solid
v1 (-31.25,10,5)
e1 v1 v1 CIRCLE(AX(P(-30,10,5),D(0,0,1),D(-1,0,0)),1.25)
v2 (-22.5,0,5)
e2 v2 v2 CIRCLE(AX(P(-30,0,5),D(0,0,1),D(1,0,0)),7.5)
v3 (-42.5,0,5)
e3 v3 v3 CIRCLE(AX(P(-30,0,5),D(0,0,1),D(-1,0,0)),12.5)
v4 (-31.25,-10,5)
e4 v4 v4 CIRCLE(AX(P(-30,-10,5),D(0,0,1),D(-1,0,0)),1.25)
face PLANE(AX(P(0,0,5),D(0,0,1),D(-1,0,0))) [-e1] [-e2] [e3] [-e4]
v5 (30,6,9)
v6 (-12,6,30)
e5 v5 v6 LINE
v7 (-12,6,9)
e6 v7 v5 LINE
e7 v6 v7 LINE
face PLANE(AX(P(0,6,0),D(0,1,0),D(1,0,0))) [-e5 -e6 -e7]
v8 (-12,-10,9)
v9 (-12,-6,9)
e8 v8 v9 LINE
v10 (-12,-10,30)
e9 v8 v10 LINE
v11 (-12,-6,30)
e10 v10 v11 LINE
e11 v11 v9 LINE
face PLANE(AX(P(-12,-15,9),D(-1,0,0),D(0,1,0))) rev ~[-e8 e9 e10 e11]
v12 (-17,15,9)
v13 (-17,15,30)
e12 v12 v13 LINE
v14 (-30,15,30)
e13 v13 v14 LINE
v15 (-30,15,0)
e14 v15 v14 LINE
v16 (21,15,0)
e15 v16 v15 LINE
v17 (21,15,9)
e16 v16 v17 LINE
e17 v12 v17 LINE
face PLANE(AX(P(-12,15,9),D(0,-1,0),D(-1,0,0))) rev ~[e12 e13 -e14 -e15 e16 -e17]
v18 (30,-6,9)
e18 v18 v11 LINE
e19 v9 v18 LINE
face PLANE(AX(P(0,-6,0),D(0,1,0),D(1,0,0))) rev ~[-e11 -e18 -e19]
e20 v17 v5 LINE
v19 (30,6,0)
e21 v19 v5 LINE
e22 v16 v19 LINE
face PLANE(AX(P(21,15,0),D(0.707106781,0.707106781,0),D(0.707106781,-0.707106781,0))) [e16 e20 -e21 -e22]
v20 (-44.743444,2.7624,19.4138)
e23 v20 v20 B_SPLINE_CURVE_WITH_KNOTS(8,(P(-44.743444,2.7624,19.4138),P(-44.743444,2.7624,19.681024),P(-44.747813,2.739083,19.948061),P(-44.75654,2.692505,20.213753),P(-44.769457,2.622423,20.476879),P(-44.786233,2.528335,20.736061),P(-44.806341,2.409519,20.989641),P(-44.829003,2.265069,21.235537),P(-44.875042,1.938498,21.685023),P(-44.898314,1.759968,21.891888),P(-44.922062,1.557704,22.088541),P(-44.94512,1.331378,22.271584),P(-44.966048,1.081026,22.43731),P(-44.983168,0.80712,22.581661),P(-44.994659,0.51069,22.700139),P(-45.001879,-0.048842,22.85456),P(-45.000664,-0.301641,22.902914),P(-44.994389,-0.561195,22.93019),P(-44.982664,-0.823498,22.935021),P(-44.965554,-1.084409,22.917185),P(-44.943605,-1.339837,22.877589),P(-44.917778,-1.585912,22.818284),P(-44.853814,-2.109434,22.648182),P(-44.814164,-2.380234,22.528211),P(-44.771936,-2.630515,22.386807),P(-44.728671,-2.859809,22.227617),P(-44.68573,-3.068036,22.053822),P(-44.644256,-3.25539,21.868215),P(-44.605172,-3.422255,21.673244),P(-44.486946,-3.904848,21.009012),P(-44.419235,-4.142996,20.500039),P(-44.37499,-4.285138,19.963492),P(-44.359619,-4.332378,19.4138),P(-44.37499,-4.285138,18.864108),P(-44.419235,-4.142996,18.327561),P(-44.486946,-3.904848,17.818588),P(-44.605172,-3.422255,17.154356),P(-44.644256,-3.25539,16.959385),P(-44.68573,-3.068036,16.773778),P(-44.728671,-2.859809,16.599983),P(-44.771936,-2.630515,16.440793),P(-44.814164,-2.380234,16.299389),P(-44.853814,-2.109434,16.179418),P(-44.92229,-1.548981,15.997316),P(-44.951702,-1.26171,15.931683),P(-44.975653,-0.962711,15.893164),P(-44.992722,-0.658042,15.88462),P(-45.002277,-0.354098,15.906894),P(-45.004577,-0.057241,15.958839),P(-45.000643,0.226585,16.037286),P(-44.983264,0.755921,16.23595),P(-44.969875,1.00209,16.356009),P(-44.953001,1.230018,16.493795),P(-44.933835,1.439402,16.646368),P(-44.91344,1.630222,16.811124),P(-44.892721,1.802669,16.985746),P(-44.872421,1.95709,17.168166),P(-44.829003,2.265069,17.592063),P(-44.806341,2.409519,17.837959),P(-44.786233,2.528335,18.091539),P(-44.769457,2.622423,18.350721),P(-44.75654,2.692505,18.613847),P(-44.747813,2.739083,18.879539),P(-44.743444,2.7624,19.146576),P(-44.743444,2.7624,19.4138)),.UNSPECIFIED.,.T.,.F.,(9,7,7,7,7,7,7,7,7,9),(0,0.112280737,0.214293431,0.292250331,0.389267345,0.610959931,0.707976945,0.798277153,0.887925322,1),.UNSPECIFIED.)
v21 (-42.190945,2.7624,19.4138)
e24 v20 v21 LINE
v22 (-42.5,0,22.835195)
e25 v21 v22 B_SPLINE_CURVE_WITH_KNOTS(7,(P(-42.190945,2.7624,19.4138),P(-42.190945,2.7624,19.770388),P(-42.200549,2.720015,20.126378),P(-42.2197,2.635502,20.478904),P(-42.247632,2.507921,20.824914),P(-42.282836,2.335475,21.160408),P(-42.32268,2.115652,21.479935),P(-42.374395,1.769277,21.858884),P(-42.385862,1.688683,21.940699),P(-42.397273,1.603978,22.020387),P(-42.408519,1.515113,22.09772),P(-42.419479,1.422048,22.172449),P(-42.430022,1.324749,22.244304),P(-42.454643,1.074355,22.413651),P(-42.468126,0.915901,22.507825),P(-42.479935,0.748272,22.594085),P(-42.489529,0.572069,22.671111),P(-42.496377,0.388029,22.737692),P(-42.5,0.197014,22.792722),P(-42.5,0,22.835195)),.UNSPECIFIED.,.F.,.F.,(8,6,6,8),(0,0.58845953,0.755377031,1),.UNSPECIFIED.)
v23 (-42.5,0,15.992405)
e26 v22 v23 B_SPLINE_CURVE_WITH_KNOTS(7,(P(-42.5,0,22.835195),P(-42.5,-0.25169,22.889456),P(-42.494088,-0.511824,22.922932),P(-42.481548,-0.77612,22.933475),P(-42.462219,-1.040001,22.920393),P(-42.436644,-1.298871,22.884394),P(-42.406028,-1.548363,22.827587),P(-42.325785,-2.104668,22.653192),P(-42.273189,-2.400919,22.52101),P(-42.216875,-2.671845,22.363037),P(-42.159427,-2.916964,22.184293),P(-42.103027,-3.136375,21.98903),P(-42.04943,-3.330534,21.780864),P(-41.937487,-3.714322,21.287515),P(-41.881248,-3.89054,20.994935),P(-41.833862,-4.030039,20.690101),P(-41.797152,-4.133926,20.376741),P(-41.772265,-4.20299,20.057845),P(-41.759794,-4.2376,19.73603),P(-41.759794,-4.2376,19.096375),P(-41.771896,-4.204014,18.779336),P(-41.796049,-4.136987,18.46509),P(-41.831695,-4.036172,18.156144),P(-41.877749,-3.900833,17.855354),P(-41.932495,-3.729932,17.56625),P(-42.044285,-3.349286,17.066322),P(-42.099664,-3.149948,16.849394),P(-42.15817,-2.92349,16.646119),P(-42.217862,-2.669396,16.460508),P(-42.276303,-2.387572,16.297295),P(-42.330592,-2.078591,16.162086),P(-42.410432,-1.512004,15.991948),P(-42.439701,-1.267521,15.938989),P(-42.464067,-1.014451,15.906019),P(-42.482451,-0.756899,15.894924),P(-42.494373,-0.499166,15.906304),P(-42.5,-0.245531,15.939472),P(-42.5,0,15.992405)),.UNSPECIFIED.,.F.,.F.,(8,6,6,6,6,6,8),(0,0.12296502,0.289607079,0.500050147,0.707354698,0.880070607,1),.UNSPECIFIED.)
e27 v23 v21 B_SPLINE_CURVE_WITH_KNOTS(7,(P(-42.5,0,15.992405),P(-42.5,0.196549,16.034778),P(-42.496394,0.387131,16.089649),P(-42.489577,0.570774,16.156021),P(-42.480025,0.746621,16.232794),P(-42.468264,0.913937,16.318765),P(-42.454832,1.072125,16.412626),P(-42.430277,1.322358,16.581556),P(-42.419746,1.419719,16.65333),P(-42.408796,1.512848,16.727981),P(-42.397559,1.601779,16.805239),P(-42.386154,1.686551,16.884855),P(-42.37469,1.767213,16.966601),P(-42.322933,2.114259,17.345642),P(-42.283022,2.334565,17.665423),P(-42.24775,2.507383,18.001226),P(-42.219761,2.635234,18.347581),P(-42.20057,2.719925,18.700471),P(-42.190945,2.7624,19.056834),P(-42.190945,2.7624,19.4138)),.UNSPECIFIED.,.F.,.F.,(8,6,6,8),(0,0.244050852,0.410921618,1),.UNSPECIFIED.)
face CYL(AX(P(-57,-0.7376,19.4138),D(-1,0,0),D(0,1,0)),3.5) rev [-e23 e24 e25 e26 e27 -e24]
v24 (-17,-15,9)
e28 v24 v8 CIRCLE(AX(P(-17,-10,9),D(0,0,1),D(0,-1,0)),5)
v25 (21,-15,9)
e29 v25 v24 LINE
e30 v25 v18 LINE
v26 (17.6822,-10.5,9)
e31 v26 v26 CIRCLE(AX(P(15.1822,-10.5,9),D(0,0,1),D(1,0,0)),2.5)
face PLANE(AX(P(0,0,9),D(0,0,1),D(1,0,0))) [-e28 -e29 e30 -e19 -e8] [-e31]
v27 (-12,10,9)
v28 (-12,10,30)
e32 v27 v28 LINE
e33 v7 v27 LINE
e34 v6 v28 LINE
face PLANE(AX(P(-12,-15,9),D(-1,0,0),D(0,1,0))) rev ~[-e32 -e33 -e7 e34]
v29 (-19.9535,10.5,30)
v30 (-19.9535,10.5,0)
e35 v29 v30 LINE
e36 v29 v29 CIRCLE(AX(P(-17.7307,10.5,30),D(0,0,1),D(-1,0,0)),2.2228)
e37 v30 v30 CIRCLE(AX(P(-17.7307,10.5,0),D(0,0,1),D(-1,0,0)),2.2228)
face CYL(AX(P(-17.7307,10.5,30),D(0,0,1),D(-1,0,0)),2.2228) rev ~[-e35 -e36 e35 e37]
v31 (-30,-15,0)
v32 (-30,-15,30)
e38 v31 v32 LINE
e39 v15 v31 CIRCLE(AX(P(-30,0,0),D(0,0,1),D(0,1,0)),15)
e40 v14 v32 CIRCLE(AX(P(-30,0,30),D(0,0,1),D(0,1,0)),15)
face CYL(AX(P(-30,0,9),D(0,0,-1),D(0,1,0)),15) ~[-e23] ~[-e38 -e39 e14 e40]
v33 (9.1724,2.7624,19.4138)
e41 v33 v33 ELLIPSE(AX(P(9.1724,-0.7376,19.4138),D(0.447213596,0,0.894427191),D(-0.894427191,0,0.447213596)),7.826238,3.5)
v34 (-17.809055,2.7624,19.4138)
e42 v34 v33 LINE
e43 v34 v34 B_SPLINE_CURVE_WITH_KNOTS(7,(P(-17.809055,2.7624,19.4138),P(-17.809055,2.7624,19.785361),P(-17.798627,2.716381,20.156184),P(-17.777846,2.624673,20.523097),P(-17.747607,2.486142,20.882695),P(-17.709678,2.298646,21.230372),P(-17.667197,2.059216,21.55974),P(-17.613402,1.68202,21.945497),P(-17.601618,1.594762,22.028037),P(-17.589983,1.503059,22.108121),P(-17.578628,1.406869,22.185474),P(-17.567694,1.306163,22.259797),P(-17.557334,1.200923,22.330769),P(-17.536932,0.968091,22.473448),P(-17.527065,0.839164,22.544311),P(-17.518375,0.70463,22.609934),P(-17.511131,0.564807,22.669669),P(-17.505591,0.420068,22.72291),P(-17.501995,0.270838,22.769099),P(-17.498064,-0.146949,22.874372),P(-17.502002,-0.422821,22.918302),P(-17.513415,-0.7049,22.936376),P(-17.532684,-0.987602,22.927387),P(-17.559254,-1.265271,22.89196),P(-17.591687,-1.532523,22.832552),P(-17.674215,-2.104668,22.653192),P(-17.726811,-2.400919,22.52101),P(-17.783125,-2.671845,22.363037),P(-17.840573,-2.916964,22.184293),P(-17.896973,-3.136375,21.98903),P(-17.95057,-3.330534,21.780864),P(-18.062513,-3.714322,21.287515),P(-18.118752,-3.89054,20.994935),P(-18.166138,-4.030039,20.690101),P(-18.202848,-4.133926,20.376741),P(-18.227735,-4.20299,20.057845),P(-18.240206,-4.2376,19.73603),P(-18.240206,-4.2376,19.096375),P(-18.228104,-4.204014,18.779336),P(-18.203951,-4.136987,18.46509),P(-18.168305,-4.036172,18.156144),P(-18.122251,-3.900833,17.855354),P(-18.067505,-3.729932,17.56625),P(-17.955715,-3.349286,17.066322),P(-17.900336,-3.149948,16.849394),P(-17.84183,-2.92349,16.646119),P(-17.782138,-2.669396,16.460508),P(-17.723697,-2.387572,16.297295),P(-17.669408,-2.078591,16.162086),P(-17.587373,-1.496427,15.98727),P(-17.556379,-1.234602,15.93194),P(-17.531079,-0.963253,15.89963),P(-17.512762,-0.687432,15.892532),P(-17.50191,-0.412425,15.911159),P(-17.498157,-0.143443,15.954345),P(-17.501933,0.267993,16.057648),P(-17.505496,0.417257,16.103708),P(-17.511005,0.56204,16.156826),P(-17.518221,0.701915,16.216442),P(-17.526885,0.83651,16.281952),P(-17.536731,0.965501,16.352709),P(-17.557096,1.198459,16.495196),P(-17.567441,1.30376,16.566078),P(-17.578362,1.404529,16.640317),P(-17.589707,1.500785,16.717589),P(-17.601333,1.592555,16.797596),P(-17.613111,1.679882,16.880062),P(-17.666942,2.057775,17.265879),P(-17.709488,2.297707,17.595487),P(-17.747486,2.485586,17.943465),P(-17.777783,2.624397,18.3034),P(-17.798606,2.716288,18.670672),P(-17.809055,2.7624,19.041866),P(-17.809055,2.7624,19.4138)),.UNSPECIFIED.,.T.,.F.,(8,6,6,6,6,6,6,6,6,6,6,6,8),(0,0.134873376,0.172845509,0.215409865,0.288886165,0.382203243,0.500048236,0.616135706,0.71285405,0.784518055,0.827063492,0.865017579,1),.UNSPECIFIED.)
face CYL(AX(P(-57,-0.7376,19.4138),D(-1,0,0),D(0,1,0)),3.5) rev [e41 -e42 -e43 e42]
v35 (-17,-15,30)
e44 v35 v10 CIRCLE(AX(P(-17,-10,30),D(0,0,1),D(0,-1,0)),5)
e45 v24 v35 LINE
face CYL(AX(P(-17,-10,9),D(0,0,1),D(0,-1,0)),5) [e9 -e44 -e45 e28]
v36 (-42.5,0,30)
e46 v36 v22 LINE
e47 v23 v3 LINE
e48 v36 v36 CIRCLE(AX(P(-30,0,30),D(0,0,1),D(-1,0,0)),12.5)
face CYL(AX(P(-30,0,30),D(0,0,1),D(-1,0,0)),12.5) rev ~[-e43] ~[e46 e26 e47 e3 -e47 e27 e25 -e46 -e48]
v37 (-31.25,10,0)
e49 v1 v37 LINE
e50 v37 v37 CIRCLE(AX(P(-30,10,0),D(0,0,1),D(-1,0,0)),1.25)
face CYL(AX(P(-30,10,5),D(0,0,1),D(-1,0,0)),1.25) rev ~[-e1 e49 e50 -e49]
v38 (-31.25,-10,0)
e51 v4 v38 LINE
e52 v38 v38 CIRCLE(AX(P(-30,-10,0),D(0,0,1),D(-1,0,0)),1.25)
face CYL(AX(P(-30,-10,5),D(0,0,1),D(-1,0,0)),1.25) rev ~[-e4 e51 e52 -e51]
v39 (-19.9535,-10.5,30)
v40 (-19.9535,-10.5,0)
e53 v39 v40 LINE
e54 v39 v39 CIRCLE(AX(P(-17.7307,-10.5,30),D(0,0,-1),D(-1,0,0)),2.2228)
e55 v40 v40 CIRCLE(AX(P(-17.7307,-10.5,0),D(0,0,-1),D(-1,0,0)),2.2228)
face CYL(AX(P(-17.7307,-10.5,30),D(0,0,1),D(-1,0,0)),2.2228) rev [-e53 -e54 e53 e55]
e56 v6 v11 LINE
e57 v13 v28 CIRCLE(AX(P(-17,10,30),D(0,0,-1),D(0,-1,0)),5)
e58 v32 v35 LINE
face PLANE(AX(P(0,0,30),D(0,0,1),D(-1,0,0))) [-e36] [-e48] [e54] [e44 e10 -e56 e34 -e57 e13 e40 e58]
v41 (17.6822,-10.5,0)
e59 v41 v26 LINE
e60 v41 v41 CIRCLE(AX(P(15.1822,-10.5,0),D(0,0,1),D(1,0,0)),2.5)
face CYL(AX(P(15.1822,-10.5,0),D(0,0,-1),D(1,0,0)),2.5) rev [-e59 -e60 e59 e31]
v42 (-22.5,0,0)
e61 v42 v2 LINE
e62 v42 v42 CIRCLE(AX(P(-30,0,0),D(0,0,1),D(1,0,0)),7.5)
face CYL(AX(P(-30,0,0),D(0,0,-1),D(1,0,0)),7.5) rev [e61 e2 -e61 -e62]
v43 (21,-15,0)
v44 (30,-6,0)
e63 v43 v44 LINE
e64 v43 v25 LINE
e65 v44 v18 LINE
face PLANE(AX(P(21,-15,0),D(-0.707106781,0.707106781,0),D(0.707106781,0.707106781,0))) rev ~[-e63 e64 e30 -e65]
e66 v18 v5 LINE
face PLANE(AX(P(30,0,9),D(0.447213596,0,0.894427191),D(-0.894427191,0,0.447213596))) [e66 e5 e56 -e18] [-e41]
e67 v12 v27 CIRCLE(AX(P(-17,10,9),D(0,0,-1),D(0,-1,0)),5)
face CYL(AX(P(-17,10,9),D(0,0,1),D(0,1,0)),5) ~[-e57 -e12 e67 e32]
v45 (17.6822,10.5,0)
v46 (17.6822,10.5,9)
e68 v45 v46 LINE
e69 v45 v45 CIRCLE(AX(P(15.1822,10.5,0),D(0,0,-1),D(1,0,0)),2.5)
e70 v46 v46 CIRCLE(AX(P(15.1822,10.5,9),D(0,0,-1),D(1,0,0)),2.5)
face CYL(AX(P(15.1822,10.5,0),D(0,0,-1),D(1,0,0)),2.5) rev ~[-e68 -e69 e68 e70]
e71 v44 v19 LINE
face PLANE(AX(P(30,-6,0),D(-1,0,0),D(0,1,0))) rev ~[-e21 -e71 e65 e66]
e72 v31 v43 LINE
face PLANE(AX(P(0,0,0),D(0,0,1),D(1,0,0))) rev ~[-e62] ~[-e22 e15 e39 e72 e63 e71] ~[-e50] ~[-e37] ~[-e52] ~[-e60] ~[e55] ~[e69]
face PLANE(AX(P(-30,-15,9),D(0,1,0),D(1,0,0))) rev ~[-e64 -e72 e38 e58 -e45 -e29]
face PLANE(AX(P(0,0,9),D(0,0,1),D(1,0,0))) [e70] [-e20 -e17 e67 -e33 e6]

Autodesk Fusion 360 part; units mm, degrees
sketch "Sketch1" plane through (0, 0, 0) normal (0, 1, 0) x (1, 0, 0)
sketch "Sketch2" plane through (0, 0, 0) normal (0, 0, 1) x (1, 0, 0)
  line L0 (30, 15) -> (-30, 15)
  line L1 (-30, 15) -> (-30, -15)
  line L2 (-30, -15) -> (30, -15)
  line L3 (30, -15) -> (30, 15)
  line L4 (30, 15) -> (-30, -15) construction
  line L5 (-30, 15) -> (30, -15) construction
  arc A0 (-30, 15) -> (-30, -15) centre (-30, 0) ccw
  circle A1 centre (-30, 0) radius 7.5
  line L6 (21, -15) -> (30, -6)
  line L7 (21, 15) -> (30, 6)
  dimension "d1" = 60
  dimension "d2" = 30
  dimension "d3" = 15
  dimension "d4" = 9
  dimension "d5" = 9
  dimension "d6" = 9
  dimension "d7" = 9
extrude "Extrude1" add sketch "Sketch2" along normal blind 9 contours L0 L1 L2 L3 A1 L6 L7 | L1 A0 A1
sketch "Sketch3" plane through (0, 0, 9) normal (0, 0, 1) x (-1, 0, 0)
  circle A0 centre (30, 0) radius 7.5
  arc A1 (30, -15) -> (30, 15) centre (30, 0) ccw
  line L0 (30, 15) -> (-21, 15)
  line L1 (-21, 15) -> (-30, 6)
  line L2 (-30, 6) -> (-30, -6)
  line L3 (-30, -6) -> (-21, -15)
  line L4 (-21, -15) -> (30, -15)
  line L5 (12, 15) -> (12, -15)
  dimension "d10" = 18
extrude "Extrude2" add sketch "Sketch3" along normal blind 21 contours A1 L0 L4 L5
sketch "Sketch4" plane through (0, 0, 0) normal (0, 1, 0) x (1, 0, 0)
  line L0 (30, -9) -> (-12, -30)
  line L1 (-12, -30) -> (-12, -9)
  line L2 (-12, -9) -> (30, -9)
extrude "Extrude3" add sketch "Sketch4" along normal mid plane 12
sketch "Sketch5" plane through (0, 0, 30) normal (0, 0, 1) x (-1, 0, 0)
  circle A0 centre (30, 0) radius 7.5
  line L0 (12, 15) -> (12, 6)
  line L1 (12, 6) -> (12, -6)
  line L2 (12, -6) -> (12, -15)
  line L3 (12, -15) -> (30, -15)
  arc A1 (30, -15) -> (30, 15) centre (30, 0) ccw
  line L4 (30, 15) -> (12, 15)
  circle A2 centre (17.7307, -10.5) radius 2.2228
  circle A3 centre (17.7307, -10.5) radius 2.5
  dimension "d15" = 5
extrude "Extrude4" cut sketch "Sketch5" against normal blind 30 contours A2
mirror "Mirror1" about plane through (0, 0, 0) normal (0, 1, 0) of "Extrude4"
sketch "Sketch6" plane through (0, 0, 30) normal (0, 0, 1) x (-1, 0, 0)
  circle A0 centre (17.7307, 10.5) radius 2.2228
  circle A1 centre (17.7307, -10.5) radius 2.2228
  circle A2 centre (30, 0) radius 7.5
  line L0 (12, 15) -> (12, 6)
  line L1 (12, 6) -> (12, -6)
  line L2 (12, -6) -> (12, -15)
  line L3 (12, -15) -> (30, -15)
  arc A3 (30, -15) -> (30, 15) centre (30, 0) ccw
  line L4 (30, 15) -> (12, 15)
  circle A4 centre (30, 0) radius 12.5
  dimension "d20" = 25
extrude "Extrude5" cut sketch "Sketch6" against normal blind 25 contours A4
sketch "Sketch7" plane through (0, 0, 5) normal (0, 0, 1) x (-1, 0, 0)
  circle A0 centre (30, 0) radius 7.5
  circle A1 centre (30, 0) radius 12.5
  circle A2 centre (30, 10) radius 1.25
  dimension "d23" = 2.5
extrude "Extrude6" cut sketch "Sketch7" against normal blind 5 contours A2
sketch "Sketch8" plane through (0, 0, 5) normal (0, 0, 1) x (-1, 0, 0)
  circle A0 centre (30, 10) radius 1.25
  circle A1 centre (30, 0) radius 7.5
  circle A2 centre (30, 0) radius 12.5
  circle A3 centre (30, -10) radius 1.25
  dimension "d26" = 2.5
extrude "Extrude7" cut sketch "Sketch8" against normal blind 5 contours A3
sketch "Sketch9" plane through (0, 0, 0) normal (0, 0, -1) x (1, 0, 0)
  circle A0 centre (-30, -10) radius 1.25
  circle A1 centre (-30, 10) radius 1.25
  circle A2 centre (-17.7307, 10.5) radius 2.2228
  circle A3 centre (-17.7307, -10.5) radius 2.2228
  circle A4 centre (-30, 0) radius 7.5
  arc A5 (-30, 15) -> (-30, -15) centre (-30, 0) ccw
  line L0 (-30, -15) -> (21, -15)
  line L1 (21, -15) -> (30, -6)
  line L2 (30, -6) -> (30, 6)
  line L3 (30, 6) -> (21, 15)
  line L4 (21, 15) -> (-30, 15)
  circle A6 centre (15.1822, -10.5) radius 2.5
  circle A7 centre (15, 10) radius 2.5
  dimension "d29" = 5
  dimension "d30" = 5
extrude "Extrude8" cut sketch "Sketch9" against normal blind 9 contours A6
mirror "Mirror2" about plane through (0, 0, 0) normal (0, 1, 0) of "Extrude8"
sketch "Sketch10" plane through (0, 0, 0) normal (0, 0, 1) x (1, 0, 0)
fillet "Fillet1" radius 5 1 edges at (-12, 15, 19.5)
fillet "Fillet2" radius 5 1 edges at (-12, -15, 19.5)
ref_plane "WorkPlane1" through (-57, -8, 19.5) normal (1, 0, 0) x (0, 1, 0)
sketch "Sketch11" plane through (-57, -8, 19.5) normal (1, 0, 0) x (0, 1, 0)
  circle A0 centre (7.2624, -0.0862) radius 3.5
  dimension "d40" = 7
extrude "Extrude9" cut sketch "Sketch11" along normal blind 75
